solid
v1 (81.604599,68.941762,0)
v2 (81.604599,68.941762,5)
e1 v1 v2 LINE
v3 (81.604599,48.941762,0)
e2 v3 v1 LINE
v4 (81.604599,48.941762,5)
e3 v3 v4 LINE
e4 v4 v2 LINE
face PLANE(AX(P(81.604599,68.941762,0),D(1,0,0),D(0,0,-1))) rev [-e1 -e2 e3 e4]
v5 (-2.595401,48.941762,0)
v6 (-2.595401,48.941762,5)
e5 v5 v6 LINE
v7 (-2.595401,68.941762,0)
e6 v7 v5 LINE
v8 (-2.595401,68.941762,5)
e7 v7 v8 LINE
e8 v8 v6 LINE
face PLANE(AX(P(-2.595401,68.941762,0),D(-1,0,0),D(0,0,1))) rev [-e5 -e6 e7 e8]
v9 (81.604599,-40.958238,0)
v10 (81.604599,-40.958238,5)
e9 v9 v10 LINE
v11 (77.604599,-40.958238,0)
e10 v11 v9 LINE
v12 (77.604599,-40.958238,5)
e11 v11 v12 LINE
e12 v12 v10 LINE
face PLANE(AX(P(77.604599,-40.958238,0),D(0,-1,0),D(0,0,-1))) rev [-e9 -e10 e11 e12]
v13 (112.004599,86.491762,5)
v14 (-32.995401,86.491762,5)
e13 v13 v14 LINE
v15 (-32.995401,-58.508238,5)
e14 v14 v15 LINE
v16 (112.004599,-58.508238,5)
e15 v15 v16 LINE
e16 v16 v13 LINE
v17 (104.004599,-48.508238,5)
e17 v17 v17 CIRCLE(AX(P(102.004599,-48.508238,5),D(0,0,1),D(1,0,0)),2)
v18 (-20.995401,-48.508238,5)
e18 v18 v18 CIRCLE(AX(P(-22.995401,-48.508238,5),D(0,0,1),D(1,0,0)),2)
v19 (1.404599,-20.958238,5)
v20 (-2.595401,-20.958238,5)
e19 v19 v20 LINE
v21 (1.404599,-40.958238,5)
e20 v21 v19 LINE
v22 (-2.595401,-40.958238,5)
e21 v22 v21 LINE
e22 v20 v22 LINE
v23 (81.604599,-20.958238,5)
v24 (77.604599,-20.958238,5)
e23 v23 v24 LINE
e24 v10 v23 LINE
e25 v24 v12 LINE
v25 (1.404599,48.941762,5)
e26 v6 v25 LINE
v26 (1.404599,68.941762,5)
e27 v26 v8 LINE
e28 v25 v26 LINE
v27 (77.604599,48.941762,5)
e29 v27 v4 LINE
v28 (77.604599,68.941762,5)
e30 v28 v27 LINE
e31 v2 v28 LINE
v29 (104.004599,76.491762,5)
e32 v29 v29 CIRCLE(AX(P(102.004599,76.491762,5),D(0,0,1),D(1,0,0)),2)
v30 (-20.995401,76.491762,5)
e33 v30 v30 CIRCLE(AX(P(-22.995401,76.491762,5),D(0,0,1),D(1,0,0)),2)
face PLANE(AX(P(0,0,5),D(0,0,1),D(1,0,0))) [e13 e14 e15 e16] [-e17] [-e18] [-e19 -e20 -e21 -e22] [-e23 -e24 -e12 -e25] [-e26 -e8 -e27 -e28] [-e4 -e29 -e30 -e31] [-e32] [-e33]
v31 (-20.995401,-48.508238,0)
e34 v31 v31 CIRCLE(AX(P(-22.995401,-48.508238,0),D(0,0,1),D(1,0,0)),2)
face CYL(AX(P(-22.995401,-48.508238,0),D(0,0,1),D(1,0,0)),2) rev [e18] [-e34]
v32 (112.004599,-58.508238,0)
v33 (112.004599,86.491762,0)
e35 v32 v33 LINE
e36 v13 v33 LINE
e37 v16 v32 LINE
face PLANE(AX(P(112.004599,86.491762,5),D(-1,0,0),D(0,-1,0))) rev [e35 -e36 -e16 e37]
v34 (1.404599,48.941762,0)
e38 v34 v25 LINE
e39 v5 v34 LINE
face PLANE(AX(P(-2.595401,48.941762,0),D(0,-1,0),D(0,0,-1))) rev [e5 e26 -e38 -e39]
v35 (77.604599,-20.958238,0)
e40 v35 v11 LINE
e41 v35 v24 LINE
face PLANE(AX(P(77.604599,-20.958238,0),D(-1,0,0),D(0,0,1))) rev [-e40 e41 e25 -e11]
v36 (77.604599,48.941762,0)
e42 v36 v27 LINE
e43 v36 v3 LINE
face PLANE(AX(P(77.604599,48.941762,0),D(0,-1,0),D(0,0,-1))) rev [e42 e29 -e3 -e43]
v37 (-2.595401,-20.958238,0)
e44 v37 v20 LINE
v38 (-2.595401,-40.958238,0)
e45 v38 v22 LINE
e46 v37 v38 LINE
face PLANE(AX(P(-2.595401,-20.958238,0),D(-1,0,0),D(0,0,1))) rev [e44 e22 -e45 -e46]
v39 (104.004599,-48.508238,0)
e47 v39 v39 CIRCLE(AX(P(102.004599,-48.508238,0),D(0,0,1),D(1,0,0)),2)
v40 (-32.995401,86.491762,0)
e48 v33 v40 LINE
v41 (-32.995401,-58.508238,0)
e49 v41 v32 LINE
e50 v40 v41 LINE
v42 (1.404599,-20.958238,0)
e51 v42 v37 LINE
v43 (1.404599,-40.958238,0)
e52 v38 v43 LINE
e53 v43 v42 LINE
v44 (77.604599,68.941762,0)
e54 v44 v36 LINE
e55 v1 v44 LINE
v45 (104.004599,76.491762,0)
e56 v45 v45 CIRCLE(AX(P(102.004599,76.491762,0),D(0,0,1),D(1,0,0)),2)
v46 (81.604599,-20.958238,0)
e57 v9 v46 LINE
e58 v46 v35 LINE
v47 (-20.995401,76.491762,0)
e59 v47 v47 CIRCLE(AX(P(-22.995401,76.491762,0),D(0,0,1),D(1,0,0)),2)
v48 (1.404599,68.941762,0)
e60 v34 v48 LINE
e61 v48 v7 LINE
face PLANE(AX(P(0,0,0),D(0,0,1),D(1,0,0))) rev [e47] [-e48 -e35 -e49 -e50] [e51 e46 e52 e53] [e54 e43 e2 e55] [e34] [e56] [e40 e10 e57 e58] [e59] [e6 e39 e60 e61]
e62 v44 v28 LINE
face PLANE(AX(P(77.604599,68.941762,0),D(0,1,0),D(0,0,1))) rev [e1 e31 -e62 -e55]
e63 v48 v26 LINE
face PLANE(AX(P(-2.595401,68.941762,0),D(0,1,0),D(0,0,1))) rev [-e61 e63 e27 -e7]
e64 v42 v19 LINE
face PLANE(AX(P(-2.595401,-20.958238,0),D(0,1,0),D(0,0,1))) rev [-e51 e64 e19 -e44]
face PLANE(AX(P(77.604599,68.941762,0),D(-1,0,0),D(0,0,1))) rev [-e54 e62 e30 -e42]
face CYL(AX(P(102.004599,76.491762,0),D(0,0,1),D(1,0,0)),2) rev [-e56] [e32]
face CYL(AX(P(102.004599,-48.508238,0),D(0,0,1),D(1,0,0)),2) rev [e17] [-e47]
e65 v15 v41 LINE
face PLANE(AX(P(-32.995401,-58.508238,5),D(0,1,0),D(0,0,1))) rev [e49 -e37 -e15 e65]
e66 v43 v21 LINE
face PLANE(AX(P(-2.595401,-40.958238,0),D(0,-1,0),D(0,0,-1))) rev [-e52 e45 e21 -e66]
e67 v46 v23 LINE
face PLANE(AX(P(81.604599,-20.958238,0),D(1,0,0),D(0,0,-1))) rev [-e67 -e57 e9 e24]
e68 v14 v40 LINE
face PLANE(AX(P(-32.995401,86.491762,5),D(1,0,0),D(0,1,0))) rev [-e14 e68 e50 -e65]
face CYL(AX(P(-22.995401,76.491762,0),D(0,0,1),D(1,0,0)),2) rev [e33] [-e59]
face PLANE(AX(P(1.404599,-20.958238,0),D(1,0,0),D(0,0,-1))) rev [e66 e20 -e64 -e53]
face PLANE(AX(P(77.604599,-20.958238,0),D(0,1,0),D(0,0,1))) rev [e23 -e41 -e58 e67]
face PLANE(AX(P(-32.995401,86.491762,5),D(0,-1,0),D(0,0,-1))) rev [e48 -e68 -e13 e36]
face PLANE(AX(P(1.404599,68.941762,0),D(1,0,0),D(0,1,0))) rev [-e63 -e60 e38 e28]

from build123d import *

# Parameters (mm, degrees)
ESQUISSE1_W             = 145
ESQUISSE1_H             = 145
BOSS_EXTRU_1_DEPTH      = 5
ESQUISSE3_W             = 4
ESQUISSE3_H             = 20
ENL_V_MAT_EXTRU_1_DEPTH = 5
ESQUISSE2_R             = 2
ENL_V_MAT_EXTRU_2_DEPTH = 5


with BuildPart() as part:
    # Esquisse1 → Boss.-Extru.1 (new body)
    with BuildSketch(Plane.XY):
        with Locations((39.504598951, 13.991761527)):
            Rectangle(ESQUISSE1_W, ESQUISSE1_H)
    extrude(amount=BOSS_EXTRU_1_DEPTH)

    # Esquisse3 → Enlèv. mat.-Extru.1 (cut)
    with BuildSketch(Plane.XY.offset(5)):
        with Locations((79.604598951, 58.941761527)):
            Rectangle(ESQUISSE3_W, ESQUISSE3_H)
        with Locations((-0.595401049, 58.941761527)):
            Rectangle(ESQUISSE3_W, ESQUISSE3_H)
        with Locations((-0.595401049, -30.958238473)):
            Rectangle(ESQUISSE3_W, ESQUISSE3_H)
        with Locations((79.604598951, -30.958238473)):
            Rectangle(ESQUISSE3_W, ESQUISSE3_H)
    extrude(amount=-ENL_V_MAT_EXTRU_1_DEPTH, mode=Mode.SUBTRACT)

    # Esquisse2 → Enlèv. mat.-Extru.2 (cut)
    with BuildSketch(Plane.XY.offset(5)):
        with Locations((-22.995401049, 76.491761527)):
            Circle(ESQUISSE2_R)
        with Locations((102.004598951, 76.491761527)):
            Circle(ESQUISSE2_R)
        with Locations((102.004598951, -48.508238473)):
            Circle(ESQUISSE2_R)
        with Locations((-22.995401049, -48.508238473)):
            Circle(ESQUISSE2_R)
    extrude(amount=-ENL_V_MAT_EXTRU_2_DEPTH, mode=Mode.SUBTRACT)


solid = part.part
